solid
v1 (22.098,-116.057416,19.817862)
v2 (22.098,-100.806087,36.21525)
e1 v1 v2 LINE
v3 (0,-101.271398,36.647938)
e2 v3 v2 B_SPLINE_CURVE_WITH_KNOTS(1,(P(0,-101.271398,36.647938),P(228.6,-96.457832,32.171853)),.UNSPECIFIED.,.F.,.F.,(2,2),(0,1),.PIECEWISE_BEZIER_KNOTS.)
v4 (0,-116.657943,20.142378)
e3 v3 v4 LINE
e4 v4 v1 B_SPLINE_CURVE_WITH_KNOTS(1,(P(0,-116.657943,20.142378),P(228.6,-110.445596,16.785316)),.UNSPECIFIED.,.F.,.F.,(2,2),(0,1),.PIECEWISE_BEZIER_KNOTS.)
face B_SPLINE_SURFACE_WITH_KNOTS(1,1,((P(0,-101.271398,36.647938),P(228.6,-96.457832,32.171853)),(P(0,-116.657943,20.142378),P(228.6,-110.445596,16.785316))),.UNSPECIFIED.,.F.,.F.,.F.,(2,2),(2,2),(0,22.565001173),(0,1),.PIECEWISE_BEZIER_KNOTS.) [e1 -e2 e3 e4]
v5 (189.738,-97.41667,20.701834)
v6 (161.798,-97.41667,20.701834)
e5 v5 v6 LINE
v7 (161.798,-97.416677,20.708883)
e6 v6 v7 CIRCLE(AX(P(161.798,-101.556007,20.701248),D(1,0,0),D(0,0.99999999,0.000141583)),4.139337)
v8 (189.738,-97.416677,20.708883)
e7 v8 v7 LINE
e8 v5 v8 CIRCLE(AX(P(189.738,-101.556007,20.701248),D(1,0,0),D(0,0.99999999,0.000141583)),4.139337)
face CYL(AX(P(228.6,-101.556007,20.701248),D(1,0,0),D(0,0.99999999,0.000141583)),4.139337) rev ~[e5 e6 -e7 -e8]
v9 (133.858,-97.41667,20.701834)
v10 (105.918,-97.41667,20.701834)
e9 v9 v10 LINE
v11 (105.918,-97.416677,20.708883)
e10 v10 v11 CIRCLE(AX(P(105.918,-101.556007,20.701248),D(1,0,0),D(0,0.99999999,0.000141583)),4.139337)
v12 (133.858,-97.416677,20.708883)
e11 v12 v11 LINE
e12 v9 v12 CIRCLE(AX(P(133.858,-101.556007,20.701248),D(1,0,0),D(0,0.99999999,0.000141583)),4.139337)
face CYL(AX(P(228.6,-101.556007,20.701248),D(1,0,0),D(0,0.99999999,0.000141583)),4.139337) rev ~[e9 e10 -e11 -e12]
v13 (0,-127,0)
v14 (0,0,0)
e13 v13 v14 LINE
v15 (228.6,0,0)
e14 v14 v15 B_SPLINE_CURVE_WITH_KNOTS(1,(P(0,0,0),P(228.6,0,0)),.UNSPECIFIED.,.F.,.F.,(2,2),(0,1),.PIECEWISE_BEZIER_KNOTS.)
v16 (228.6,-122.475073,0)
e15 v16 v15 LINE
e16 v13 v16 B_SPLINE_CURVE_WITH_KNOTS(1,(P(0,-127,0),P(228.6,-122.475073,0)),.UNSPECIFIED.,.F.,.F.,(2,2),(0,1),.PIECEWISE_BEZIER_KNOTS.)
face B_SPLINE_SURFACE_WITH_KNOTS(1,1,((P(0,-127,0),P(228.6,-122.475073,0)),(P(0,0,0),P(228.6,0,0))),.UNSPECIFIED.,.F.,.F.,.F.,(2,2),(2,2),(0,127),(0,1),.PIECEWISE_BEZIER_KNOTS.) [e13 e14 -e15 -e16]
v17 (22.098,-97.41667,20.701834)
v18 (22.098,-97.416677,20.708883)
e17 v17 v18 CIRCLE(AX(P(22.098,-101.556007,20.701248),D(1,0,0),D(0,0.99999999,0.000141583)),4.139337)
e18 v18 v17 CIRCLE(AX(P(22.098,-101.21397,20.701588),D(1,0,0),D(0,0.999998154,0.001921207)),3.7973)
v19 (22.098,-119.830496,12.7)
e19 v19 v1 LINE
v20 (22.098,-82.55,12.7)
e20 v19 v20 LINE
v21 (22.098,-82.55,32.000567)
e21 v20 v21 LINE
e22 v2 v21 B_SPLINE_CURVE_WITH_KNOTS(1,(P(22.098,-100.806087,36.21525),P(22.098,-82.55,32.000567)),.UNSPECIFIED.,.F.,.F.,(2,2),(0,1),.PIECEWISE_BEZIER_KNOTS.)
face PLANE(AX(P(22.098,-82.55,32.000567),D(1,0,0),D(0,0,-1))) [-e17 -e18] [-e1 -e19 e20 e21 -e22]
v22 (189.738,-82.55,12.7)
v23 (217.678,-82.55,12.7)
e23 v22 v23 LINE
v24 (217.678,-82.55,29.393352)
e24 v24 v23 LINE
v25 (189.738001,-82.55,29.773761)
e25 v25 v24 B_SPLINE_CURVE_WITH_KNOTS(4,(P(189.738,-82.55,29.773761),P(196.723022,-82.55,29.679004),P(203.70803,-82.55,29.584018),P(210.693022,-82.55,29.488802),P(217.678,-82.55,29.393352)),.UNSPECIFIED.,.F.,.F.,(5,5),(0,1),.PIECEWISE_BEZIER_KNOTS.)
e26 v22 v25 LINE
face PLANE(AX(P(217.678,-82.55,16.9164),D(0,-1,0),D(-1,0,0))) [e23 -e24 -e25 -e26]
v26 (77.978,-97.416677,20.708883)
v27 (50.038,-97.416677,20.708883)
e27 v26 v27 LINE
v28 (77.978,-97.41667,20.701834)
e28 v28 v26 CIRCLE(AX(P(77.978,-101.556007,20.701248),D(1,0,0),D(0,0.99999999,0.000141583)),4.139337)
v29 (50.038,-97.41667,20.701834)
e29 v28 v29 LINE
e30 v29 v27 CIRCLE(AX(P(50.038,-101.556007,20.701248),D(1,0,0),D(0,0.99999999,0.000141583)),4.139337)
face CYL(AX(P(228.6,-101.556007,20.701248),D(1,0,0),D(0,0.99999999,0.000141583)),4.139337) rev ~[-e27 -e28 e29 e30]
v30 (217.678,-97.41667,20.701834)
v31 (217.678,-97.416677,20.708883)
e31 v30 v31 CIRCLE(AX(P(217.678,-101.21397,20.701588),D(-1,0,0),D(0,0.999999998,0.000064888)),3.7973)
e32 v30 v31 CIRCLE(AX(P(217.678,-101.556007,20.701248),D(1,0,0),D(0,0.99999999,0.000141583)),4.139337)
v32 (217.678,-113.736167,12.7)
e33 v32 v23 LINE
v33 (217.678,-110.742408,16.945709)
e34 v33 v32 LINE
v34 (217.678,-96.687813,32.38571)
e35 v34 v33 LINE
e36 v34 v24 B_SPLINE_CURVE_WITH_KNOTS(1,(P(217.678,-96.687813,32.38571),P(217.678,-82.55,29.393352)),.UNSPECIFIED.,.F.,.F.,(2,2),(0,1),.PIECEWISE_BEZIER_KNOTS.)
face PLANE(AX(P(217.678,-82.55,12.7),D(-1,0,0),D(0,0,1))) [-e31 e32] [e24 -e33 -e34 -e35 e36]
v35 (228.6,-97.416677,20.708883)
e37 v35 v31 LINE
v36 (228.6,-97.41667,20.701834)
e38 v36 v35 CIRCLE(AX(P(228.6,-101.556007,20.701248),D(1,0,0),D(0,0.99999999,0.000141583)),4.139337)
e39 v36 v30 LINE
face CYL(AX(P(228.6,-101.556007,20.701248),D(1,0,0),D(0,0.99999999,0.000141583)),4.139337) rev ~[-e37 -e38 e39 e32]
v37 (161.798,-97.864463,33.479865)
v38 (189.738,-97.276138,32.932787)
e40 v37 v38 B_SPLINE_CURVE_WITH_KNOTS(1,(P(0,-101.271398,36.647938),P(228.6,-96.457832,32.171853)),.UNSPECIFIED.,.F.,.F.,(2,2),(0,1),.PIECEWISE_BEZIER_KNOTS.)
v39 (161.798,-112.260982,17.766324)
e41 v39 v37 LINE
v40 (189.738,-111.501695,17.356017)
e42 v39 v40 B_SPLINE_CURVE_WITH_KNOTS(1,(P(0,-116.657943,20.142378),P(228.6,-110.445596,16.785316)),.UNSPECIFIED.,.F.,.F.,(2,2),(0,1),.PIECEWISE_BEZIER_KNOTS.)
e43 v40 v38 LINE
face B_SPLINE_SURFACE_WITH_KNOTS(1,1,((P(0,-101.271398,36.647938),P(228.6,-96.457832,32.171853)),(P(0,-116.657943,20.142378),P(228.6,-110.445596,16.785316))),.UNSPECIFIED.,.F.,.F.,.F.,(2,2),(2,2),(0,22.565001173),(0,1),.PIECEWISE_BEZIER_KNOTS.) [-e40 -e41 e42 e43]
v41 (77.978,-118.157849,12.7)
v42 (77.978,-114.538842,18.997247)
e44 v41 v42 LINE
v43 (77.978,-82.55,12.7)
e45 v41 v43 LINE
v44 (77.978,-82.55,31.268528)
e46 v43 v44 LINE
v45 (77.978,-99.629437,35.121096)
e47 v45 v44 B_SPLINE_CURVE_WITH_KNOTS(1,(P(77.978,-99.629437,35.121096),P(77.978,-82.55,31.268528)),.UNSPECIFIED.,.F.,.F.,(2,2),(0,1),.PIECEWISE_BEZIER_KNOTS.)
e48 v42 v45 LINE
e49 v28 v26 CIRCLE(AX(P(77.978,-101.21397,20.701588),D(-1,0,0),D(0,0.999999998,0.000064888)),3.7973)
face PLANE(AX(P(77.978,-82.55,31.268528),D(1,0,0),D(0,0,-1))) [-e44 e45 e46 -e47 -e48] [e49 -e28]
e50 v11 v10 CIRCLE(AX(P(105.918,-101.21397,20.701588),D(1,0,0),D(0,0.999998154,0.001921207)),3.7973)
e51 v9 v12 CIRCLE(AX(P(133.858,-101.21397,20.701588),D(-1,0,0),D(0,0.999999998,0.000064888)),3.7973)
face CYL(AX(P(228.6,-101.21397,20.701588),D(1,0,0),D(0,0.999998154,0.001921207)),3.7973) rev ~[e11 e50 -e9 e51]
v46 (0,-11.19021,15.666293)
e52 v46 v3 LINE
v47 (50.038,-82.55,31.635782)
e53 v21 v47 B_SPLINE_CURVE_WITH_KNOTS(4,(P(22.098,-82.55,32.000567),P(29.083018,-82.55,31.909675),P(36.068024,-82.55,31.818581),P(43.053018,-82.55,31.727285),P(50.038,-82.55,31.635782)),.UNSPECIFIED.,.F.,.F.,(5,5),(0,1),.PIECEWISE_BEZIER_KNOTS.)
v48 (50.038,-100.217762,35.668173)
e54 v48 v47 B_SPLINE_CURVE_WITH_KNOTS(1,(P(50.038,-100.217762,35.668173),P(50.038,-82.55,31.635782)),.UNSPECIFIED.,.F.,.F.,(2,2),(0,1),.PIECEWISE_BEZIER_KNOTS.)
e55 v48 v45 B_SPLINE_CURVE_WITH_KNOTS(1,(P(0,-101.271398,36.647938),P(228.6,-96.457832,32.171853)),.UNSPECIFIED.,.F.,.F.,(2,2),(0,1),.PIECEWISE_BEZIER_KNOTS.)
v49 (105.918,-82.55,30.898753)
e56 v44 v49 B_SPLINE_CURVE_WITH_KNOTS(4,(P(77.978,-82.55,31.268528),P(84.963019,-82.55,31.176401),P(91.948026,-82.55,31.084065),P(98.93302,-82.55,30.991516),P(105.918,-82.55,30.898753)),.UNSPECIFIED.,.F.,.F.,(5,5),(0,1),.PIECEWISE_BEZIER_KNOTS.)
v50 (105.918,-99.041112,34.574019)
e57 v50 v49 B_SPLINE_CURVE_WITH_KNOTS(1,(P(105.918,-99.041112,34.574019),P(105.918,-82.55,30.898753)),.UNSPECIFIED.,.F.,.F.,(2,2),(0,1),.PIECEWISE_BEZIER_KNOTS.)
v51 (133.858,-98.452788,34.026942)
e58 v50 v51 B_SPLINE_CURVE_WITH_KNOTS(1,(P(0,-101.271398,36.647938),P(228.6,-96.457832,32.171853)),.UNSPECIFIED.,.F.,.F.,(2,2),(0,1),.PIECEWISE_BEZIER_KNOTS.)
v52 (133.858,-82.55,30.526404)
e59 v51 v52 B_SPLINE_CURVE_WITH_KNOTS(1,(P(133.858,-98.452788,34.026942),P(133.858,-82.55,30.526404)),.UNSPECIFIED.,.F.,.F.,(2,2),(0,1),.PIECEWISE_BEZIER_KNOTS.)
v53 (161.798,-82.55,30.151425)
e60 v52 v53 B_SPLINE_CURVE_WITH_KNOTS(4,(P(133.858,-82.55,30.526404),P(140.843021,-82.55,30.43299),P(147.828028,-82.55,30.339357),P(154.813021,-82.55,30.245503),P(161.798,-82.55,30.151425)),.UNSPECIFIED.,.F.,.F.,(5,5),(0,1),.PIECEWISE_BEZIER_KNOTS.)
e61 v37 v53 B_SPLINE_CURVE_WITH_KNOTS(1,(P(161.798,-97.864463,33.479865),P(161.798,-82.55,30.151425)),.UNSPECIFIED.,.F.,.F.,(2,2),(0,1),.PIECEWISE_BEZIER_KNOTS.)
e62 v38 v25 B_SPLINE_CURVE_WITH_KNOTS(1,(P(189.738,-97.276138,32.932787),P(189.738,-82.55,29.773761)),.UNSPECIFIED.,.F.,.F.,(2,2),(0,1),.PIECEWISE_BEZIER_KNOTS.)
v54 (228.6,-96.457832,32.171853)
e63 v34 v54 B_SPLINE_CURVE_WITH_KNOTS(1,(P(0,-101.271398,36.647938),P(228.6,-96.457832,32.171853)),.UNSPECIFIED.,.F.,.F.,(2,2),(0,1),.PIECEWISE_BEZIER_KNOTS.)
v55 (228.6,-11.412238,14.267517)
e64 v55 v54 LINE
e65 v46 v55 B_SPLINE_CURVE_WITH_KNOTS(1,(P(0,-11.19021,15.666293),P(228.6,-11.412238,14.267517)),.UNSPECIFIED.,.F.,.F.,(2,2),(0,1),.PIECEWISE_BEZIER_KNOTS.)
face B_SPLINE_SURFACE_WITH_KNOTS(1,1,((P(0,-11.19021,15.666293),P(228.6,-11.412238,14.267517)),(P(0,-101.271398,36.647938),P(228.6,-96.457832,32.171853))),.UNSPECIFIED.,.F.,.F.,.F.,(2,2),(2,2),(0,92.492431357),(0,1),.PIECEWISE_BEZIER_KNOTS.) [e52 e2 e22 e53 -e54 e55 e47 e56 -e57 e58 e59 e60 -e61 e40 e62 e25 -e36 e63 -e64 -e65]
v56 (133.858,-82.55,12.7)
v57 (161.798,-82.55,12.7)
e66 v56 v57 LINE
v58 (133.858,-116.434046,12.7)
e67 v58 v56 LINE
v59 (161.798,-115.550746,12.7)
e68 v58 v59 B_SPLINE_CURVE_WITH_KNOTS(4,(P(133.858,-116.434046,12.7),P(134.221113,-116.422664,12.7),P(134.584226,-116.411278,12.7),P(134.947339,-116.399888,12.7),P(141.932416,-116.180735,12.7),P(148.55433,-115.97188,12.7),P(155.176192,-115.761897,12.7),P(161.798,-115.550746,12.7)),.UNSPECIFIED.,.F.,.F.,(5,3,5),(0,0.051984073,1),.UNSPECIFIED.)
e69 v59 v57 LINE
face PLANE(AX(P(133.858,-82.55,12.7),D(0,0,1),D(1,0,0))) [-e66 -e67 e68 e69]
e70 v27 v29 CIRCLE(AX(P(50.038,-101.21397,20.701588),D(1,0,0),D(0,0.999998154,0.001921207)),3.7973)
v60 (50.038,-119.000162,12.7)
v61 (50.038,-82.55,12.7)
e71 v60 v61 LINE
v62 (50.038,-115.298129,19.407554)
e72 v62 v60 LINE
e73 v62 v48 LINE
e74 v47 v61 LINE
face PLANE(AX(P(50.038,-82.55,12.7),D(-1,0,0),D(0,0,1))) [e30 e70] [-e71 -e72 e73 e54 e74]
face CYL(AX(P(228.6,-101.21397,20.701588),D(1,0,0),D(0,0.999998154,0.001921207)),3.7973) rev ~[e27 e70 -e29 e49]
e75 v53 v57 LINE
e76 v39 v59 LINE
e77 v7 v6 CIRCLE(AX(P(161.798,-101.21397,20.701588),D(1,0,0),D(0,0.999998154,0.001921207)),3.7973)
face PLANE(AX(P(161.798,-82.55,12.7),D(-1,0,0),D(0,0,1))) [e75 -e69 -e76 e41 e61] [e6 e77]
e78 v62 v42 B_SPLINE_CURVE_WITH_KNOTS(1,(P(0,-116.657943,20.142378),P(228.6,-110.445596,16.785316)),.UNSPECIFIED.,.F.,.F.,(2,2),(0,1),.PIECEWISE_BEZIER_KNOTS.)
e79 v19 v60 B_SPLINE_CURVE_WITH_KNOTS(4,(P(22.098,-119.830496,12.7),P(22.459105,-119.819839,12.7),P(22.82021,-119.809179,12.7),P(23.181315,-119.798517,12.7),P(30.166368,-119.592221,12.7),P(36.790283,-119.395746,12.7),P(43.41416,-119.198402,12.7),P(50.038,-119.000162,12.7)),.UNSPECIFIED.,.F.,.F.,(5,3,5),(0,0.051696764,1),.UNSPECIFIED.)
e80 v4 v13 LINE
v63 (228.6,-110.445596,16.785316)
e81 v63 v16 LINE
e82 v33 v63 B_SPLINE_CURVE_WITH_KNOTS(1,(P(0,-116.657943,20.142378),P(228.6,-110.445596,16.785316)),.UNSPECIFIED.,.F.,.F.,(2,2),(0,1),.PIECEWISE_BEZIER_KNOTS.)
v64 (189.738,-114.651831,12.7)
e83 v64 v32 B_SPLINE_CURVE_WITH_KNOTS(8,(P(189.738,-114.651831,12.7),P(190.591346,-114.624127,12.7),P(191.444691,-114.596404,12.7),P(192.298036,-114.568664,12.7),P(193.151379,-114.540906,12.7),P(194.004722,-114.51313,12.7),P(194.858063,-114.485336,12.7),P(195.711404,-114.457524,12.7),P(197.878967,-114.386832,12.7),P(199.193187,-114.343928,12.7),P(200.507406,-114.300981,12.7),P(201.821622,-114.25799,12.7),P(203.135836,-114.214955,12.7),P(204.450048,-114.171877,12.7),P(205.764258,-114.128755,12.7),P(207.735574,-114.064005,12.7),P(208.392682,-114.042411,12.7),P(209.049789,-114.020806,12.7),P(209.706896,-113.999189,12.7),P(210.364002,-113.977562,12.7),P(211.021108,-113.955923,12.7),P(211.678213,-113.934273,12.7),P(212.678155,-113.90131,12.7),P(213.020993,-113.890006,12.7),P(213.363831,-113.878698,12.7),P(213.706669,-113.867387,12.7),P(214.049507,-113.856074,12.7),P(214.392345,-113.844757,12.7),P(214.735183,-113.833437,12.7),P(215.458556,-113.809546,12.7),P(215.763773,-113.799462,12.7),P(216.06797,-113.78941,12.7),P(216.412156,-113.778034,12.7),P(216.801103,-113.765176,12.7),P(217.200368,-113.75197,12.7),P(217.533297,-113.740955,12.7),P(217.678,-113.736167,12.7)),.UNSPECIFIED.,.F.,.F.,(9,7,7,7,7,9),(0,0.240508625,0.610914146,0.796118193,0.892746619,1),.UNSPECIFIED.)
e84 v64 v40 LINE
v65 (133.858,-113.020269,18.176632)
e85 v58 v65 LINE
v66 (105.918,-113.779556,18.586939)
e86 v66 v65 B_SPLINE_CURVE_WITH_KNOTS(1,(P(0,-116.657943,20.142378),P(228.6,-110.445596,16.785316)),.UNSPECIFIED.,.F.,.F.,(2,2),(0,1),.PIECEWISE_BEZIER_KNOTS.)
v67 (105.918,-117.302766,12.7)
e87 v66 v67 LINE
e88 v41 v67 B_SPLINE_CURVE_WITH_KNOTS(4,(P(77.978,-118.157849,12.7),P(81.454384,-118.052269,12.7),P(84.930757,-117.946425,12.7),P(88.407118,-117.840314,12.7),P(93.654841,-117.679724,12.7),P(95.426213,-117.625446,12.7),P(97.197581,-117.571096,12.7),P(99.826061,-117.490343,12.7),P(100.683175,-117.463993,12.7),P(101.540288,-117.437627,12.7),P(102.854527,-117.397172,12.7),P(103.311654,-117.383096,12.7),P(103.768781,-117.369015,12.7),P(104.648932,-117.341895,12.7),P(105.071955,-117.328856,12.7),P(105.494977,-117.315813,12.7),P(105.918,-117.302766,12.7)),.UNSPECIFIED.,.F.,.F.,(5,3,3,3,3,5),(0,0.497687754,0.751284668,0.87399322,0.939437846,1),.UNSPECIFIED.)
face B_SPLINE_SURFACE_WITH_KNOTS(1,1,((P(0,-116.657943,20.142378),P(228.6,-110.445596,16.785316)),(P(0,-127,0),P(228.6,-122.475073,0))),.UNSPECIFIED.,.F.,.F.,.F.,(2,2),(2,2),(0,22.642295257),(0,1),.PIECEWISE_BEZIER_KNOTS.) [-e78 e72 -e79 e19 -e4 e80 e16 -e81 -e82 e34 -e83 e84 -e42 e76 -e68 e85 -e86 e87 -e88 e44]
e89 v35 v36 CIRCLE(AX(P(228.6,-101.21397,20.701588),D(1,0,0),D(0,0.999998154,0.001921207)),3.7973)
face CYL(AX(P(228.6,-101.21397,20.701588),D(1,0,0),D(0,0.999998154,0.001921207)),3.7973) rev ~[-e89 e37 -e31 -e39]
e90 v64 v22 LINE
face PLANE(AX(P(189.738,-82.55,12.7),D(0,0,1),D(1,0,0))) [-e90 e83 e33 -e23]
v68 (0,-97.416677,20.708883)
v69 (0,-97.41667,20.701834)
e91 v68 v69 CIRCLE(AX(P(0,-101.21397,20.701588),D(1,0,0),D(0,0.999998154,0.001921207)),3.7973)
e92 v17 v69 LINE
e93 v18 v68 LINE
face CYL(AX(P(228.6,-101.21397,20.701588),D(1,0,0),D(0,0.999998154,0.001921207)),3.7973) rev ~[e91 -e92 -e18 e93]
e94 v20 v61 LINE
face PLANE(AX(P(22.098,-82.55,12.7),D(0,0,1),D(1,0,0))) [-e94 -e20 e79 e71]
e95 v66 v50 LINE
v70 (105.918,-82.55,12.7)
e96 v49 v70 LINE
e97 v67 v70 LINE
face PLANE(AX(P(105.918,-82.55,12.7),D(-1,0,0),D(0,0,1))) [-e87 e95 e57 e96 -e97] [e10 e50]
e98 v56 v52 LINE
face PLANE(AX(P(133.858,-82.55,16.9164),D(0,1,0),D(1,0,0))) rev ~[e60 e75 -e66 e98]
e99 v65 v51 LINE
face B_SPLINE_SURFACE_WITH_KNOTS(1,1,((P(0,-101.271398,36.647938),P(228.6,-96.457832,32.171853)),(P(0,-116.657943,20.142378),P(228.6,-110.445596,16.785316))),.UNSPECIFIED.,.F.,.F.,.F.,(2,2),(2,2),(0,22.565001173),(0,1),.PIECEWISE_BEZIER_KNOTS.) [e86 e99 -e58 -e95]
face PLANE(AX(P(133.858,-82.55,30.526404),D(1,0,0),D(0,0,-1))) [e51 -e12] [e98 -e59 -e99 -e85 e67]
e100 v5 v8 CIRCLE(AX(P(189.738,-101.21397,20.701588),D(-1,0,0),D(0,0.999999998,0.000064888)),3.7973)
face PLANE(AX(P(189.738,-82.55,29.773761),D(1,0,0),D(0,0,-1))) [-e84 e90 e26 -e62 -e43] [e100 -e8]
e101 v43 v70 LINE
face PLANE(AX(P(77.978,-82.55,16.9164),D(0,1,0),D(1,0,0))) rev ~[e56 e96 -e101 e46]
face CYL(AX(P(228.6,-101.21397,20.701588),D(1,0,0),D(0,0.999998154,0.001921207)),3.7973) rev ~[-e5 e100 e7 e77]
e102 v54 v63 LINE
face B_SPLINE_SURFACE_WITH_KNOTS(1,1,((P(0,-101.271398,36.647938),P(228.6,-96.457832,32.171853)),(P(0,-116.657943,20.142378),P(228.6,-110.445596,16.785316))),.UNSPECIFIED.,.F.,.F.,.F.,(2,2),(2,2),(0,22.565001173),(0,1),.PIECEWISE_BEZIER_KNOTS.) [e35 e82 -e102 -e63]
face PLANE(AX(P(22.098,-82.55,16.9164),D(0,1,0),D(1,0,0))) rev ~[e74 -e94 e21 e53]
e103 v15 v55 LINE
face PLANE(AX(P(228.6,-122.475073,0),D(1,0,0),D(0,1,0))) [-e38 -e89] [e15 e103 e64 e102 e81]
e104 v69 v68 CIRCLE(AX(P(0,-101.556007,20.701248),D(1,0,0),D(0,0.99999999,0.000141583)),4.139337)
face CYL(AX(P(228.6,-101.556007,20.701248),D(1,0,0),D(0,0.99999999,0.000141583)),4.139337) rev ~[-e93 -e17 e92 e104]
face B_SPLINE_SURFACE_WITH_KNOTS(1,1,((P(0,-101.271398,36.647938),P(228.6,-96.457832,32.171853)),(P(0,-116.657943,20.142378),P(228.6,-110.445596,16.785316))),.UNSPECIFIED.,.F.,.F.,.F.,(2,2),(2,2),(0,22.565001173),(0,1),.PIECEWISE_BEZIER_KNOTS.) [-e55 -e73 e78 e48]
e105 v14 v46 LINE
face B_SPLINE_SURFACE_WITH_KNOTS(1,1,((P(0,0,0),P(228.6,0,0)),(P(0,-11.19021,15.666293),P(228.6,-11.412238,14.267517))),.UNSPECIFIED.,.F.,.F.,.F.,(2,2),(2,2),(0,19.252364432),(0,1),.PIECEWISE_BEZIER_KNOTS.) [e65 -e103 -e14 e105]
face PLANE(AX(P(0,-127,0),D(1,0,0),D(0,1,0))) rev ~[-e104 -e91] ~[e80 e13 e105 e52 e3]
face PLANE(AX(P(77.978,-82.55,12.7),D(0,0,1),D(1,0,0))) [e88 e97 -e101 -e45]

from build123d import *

# Parameters (mm, degrees)
F5_DEPTH  = 228.6
F7_W      = 27.94
F7_H      = 27.94
F8_DEPTH  = 25.4
F13_DEPTH = 609.6
F15_W     = 27.94
F15_H     = 27.94
F16_DEPTH = 25.4
F21_DEPTH = 50.8


with BuildPart() as f3:
    # F0 (on Right) → F3 section 0
    with BuildSketch(Plane.YZ):
        Polygon((-127, 0), (0, 0), (-11.19021, 15.666293), (-101.271398, 36.647938), (-116.657943, 20.142378), align=None)
    # F2 (on offset) → F3 section 1
    with BuildSketch(Plane.YZ.offset(228.6)):
        Polygon((-122.475073, 0), (0, 0), (-11.412238, 14.267517), (-96.457832, 32.171853), (-110.445596, 16.785316), align=None)
    loft()

    # F4 (on offset) → F5 (cut)
    with BuildSketch(Plane.YZ.offset(228.6)):
        with BuildLine():
            ThreePointArc((-97.416677, 20.708883), (-105.011268, 20.69831), (-97.41667, 20.701834))
            ThreePointArc((-97.41667, 20.701834), (-97.416672, 20.705359), (-97.416677, 20.708883))
        make_face()
    extrude(amount=-F5_DEPTH, mode=Mode.SUBTRACT)

    # F7 (on offset) → F8 (cut)
    with BuildSketch(Plane.XY.offset(16.9164)):
        with Locations((36.068, -96.52)):
            Rectangle(F7_W, F7_H)
        with Locations((91.948, -96.52)):
            Rectangle(F7_W, F7_H)
        with Locations((147.828, -96.52)):
            Rectangle(F7_W, F7_H)
        Polygon((203.708, -82.55), (189.738, -82.55), (189.738, -110.49), (217.678, -110.49), (217.678, -82.55), align=None)
    extrude(amount=F8_DEPTH, mode=Mode.SUBTRACT)

    # F9 (on face) + F10 (on face) + F11 (on face) + F12 (on face) → F13 (cut)
    with BuildSketch(Plane.XZ.offset(82.55)):
        Polygon((50.038, 31.635782), (22.098, 32.000567), (22.098, 16.9164), (50.038, 16.9164), align=None)
    with BuildSketch(Plane.XZ.offset(82.55)):
        Polygon((105.918, 30.898753), (77.978, 31.268528), (77.978, 16.9164), (105.918, 16.9164), align=None)
    with BuildSketch(Plane.XZ.offset(82.55)):
        Polygon((161.798, 30.151425), (133.858, 30.526404), (133.858, 16.9164), (161.798, 16.9164), align=None)
    with BuildSketch(Plane.XZ.offset(82.55)):
        Polygon((217.678, 29.393352), (189.738, 29.773761), (189.738, 16.9164), (217.678, 16.9164), align=None)
    extrude(amount=F13_DEPTH, mode=Mode.SUBTRACT)

    # F15 (on offset) → F16 (cut)
    with BuildSketch(Plane.XY.offset(12.7)):
        with Locations((36.068, -96.52)):
            Rectangle(F15_W, F15_H)
        with Locations((91.948, -96.52)):
            Rectangle(F15_W, F15_H)
        with Locations((147.828, -96.52)):
            Rectangle(F15_W, F15_H)
        with Locations((203.708, -96.52)):
            Rectangle(F15_W, F15_H)
    extrude(amount=F16_DEPTH, mode=Mode.SUBTRACT)

    # F17 (on face) + F18 (on face) + F19 (on face) + F20 (on face) → F21 (cut)
    with BuildSketch(Plane.XZ.offset(82.55)):
        Polygon((50.038, 31.635782), (22.098, 32.000567), (22.098, 12.7), (50.038, 12.7), align=None)
    with BuildSketch(Plane.XZ.offset(82.55)):
        Polygon((105.918, 30.898753), (77.978, 31.268528), (77.978, 12.7), (105.918, 12.7), align=None)
    with BuildSketch(Plane.XZ.offset(82.55)):
        Polygon((161.798, 30.151425), (133.858, 30.526404), (133.858, 12.7), (161.798, 12.7), align=None)
    with BuildSketch(Plane.XZ.offset(82.55)):
        Polygon((217.678, 29.393352), (189.738, 29.773761), (189.738, 12.7), (217.678, 12.7), align=None)
    extrude(amount=F21_DEPTH, mode=Mode.SUBTRACT)


solid = f3.part
